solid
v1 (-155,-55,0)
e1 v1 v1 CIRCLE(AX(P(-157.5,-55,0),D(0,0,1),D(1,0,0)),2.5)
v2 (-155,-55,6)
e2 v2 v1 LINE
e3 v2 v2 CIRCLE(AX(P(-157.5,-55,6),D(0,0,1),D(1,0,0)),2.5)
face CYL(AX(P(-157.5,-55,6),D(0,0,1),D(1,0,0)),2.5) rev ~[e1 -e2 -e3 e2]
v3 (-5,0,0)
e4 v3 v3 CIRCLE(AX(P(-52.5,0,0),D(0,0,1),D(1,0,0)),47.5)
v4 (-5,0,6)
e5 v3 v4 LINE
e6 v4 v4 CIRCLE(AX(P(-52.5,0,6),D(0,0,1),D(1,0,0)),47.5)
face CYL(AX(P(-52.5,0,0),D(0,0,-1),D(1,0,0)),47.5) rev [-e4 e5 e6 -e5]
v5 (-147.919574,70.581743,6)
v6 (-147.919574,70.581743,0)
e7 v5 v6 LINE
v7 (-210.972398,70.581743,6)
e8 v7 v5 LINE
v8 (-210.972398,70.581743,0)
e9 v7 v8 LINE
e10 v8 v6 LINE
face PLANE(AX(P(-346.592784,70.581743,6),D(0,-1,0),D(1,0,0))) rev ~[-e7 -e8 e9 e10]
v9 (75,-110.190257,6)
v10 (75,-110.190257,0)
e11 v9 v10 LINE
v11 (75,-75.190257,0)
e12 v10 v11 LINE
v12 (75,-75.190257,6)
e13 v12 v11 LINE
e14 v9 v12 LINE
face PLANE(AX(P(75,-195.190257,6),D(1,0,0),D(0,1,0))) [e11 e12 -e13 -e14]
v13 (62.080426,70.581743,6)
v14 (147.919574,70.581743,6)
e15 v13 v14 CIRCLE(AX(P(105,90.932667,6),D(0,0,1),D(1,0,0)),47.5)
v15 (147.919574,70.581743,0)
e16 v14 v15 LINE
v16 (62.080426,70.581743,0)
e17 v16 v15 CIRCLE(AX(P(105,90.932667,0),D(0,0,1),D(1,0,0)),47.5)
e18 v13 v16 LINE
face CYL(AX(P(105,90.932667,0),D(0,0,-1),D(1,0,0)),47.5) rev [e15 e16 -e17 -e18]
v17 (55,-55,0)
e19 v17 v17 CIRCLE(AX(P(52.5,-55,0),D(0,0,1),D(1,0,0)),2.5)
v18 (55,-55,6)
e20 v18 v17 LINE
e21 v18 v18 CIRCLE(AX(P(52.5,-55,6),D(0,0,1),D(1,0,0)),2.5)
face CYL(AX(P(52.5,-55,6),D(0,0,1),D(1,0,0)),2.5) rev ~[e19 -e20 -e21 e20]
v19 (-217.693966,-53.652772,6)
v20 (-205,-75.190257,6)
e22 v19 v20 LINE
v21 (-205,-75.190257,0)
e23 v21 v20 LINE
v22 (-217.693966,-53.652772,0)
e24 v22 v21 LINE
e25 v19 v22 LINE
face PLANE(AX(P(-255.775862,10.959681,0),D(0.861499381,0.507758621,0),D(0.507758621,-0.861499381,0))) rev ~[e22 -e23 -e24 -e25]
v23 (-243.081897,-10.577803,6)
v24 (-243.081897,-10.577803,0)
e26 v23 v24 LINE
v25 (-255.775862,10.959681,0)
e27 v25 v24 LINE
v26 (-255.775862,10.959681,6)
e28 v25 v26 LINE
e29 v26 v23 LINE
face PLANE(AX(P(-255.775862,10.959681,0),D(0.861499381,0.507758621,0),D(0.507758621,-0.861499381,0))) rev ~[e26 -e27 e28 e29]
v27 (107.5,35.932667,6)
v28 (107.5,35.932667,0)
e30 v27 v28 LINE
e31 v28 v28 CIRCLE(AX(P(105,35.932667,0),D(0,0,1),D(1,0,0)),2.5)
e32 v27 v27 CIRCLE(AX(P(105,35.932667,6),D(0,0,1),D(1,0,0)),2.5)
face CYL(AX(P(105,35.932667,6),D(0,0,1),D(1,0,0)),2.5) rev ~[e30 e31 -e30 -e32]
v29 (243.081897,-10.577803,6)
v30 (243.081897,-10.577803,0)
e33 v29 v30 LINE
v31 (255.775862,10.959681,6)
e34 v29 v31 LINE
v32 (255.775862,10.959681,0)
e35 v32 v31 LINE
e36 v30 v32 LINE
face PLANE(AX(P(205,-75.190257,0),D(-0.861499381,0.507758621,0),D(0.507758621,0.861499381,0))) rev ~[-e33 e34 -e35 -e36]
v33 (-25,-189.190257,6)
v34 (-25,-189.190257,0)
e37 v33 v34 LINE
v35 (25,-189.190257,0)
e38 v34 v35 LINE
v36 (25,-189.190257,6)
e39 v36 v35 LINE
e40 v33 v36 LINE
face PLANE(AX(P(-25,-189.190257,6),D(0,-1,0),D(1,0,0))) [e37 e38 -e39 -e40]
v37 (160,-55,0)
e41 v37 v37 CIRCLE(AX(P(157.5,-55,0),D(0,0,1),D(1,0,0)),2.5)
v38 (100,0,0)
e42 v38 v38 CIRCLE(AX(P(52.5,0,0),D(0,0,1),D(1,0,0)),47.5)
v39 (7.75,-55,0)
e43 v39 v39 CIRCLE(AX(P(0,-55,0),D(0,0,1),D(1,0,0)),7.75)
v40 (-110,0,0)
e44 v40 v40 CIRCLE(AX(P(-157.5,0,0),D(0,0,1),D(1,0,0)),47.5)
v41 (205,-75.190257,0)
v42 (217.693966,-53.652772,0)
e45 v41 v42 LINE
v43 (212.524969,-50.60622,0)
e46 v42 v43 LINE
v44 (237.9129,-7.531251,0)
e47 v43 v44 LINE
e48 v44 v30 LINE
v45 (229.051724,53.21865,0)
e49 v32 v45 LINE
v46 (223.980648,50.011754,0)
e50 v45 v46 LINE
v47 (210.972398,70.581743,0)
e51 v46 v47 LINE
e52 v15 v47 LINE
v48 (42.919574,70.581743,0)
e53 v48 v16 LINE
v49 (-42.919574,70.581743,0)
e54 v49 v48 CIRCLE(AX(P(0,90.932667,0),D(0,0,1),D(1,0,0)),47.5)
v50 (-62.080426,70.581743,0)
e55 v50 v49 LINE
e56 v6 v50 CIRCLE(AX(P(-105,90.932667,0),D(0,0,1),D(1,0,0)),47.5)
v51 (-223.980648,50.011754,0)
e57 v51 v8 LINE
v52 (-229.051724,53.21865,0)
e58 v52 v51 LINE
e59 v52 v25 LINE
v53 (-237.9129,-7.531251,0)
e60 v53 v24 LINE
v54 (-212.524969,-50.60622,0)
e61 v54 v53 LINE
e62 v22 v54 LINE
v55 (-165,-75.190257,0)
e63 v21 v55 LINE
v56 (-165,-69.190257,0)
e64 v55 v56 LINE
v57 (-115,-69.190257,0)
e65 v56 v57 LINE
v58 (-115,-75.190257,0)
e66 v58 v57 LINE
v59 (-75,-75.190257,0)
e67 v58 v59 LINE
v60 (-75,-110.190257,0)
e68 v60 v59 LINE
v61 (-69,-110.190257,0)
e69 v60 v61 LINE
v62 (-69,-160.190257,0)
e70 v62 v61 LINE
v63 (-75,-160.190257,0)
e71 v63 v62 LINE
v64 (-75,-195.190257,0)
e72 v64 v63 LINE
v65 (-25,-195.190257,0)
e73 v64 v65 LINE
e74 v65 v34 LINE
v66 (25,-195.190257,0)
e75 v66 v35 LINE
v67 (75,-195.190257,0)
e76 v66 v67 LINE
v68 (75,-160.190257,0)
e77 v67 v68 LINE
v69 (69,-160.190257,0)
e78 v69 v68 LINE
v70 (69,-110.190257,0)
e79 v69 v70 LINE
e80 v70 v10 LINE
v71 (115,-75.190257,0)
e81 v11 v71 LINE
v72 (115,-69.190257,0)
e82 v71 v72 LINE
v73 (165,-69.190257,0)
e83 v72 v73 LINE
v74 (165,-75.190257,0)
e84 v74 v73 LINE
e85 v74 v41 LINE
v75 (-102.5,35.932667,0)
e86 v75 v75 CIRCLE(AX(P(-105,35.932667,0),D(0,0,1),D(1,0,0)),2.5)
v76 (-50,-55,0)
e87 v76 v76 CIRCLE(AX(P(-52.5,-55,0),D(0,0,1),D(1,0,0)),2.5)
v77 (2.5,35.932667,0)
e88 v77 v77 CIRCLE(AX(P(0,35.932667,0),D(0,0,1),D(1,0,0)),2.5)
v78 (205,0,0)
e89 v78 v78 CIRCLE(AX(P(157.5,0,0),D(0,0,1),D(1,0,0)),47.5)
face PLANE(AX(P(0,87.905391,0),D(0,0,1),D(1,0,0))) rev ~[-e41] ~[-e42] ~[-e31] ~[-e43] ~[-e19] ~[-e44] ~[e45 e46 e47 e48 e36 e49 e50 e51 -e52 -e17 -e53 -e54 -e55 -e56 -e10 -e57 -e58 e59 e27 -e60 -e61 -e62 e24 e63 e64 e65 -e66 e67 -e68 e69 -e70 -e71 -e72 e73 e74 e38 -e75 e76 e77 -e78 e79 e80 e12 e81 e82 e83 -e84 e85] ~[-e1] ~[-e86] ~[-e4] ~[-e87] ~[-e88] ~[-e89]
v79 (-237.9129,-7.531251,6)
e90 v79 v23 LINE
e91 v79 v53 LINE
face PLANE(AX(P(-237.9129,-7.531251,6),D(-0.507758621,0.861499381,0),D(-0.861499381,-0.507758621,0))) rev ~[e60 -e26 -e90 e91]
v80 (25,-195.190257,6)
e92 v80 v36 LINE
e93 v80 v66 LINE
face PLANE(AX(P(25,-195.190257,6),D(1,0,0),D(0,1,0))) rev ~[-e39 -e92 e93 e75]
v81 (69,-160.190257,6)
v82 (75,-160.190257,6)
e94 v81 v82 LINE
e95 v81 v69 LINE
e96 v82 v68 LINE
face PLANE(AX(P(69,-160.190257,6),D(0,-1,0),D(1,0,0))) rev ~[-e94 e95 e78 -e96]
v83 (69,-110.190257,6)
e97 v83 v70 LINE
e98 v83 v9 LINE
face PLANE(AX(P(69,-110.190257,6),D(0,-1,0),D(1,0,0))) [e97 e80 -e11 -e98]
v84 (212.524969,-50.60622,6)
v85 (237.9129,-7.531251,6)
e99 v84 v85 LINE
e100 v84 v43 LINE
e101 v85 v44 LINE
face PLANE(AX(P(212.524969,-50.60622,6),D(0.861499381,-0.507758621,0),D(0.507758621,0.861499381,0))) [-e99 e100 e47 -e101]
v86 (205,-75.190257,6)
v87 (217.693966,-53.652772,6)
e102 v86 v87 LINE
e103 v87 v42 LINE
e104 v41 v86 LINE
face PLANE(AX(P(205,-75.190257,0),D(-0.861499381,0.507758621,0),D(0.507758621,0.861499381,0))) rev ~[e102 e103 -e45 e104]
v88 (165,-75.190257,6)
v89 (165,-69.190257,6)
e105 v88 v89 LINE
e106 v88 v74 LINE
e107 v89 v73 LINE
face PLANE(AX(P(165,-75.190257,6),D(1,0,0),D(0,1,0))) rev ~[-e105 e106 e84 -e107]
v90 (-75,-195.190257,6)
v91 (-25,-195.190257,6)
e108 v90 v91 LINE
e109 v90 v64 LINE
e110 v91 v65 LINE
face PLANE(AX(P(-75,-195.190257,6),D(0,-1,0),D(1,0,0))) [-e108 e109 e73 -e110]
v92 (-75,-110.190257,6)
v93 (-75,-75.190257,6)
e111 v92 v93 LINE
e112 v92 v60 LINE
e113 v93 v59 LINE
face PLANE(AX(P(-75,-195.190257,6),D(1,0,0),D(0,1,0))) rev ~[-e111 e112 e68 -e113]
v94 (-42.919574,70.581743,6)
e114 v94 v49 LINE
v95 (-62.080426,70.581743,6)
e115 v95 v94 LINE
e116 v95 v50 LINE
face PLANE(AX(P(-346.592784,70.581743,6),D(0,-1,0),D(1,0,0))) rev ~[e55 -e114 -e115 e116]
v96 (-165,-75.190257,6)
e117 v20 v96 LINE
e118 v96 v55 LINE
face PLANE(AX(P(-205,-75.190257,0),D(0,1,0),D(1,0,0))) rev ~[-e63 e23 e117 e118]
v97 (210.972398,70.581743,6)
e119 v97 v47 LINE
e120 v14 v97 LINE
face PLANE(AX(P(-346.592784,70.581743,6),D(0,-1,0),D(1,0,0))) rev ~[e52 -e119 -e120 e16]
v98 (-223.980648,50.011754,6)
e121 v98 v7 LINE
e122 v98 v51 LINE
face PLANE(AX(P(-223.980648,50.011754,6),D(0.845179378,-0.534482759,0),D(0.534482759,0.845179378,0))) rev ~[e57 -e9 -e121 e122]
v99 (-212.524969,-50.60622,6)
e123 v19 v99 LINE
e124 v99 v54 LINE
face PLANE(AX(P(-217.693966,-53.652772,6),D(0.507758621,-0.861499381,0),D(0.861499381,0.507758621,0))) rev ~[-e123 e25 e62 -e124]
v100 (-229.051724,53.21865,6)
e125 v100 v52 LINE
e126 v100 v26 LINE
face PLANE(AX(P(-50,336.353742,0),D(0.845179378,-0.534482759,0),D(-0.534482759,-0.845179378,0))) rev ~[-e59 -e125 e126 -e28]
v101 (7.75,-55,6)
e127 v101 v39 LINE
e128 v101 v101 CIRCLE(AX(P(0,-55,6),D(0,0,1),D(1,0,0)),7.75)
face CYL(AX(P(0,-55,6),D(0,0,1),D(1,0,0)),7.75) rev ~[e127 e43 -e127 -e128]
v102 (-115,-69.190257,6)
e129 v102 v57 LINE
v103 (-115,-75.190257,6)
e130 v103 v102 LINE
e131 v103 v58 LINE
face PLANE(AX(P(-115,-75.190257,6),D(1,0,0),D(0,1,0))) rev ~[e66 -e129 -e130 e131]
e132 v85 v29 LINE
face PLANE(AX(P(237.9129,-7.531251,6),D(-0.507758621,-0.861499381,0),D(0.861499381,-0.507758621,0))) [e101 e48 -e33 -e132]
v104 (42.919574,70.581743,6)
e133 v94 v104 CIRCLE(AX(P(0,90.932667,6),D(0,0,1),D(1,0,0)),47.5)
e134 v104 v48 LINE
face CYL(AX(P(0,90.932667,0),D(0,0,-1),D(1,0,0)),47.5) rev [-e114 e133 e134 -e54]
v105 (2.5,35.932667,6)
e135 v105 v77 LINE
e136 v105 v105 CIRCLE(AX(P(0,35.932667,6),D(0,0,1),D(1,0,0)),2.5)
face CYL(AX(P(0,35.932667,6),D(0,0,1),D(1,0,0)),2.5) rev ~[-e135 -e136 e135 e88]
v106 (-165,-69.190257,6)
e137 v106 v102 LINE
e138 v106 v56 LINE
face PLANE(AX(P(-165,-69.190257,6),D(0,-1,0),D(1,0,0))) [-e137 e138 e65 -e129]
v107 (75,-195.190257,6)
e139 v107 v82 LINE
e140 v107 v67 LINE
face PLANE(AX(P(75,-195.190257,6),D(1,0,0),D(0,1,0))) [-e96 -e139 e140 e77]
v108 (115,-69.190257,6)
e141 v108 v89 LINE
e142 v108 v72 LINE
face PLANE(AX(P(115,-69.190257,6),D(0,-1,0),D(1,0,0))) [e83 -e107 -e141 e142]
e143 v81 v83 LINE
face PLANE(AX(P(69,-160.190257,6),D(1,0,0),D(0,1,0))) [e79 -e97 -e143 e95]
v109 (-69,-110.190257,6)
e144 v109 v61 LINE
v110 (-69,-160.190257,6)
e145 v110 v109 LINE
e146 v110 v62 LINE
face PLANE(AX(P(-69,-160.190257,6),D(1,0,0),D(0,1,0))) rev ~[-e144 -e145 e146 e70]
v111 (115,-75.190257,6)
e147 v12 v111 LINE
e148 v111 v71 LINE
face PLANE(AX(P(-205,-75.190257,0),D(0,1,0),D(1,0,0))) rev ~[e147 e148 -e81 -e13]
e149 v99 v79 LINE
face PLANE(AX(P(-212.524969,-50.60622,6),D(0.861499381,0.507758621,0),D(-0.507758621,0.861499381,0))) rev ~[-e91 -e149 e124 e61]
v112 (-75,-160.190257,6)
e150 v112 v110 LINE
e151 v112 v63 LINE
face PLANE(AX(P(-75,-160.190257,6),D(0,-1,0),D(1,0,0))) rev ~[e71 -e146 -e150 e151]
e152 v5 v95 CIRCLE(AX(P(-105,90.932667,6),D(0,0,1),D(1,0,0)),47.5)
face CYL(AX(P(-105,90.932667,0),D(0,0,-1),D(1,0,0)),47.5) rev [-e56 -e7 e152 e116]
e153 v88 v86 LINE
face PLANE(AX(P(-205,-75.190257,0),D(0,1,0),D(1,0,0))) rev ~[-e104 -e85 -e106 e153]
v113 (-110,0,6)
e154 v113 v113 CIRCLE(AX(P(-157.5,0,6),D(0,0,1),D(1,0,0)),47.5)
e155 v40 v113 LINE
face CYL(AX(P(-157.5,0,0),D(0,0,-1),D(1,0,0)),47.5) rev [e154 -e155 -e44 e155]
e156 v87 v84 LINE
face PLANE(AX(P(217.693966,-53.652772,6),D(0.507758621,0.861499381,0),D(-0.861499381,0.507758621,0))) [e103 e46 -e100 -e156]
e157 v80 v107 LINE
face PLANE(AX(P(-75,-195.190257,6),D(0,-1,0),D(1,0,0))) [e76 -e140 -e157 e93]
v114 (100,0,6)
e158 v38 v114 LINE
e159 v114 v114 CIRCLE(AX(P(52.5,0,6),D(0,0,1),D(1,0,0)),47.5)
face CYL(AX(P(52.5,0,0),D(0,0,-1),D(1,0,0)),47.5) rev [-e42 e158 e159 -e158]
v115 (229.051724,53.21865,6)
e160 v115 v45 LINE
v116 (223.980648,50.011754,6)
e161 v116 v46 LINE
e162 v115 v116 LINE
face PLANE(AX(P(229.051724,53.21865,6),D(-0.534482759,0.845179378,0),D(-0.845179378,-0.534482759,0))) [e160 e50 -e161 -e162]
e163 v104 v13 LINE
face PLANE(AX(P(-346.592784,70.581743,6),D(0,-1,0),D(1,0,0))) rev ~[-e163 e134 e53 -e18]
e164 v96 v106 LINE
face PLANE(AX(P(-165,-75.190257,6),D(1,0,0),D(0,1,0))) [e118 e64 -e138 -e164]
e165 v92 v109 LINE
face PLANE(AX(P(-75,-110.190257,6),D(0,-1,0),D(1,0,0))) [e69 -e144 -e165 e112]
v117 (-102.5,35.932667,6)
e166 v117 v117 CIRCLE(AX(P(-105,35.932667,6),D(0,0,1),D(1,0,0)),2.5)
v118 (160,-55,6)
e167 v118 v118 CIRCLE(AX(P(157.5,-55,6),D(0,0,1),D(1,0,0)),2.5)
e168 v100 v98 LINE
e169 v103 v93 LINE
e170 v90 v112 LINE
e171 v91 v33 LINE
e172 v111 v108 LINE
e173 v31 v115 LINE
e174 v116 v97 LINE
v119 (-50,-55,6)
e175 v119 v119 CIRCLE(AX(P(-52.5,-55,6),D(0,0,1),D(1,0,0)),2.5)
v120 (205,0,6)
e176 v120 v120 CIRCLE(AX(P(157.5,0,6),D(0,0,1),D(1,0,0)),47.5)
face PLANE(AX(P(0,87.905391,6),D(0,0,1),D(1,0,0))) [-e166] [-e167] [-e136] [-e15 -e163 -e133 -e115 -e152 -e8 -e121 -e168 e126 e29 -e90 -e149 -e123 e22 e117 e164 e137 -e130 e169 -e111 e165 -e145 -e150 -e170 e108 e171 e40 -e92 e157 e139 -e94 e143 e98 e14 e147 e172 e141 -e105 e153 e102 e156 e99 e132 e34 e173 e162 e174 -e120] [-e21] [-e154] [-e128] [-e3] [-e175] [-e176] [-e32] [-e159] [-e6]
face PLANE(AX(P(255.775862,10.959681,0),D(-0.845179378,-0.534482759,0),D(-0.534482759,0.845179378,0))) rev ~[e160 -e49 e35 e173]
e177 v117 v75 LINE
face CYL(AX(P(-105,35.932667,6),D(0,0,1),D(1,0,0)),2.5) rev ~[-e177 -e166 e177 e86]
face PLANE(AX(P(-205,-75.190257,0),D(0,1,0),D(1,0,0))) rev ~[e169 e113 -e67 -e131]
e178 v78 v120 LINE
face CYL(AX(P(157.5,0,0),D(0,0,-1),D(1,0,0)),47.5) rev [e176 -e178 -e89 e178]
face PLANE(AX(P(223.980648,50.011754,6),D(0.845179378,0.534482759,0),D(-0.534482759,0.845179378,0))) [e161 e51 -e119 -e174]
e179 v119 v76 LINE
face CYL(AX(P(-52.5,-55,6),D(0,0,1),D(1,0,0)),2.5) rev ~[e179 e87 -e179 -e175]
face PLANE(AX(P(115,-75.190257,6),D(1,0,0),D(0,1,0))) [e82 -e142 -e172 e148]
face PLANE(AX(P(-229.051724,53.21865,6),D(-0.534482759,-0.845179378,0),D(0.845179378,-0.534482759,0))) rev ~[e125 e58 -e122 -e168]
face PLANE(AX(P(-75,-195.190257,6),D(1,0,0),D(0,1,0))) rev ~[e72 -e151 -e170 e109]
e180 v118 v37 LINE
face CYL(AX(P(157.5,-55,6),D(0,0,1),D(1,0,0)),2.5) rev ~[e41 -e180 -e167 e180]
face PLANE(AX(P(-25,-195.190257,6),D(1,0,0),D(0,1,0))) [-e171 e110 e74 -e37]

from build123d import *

# Parameters (mm, degrees)
ESQUISSE1_R             = 47.5
BOSS_EXTRU_1_DEPTH      = 6
ESQUISSE9_W             = 150
ESQUISSE9_H             = 120
BOSS_EXTRU_2_DEPTH      = 6
ESQUISSE10_W            = 6
ESQUISSE10_H            = 50
ESQUISSE10_W_2          = 50
ESQUISSE10_H_2          = 6
ENL_V_MAT_EXTRU_1_DEPTH = 10
ESQUISSE12_W            = 675.538278175
ESQUISSE12_H            = 265.771999275
ENL_V_MAT_EXTRU_3_DEPTH = 10
ESQUISSE13_R            = 2.5
ENL_V_MAT_EXTRU_4_DEPTH = 10
ESQUISSE14_R            = 7.75
ENL_V_MAT_EXTRU_5_DEPTH = 10


with BuildPart() as part:
    # Esquisse1 → Boss.-Extru.1 (new body)
    with BuildSketch(Plane.XY):
        Polygon((-255.775862069, 10.959681362), (-205, -75.190256718), (205, -75.190256718), (255.775862069, 10.959681362), (50, 336.353741833), (-50, 336.353741833), align=None)
        with Locations((-157.5, 0)):
            Circle(ESQUISSE1_R, mode=Mode.SUBTRACT)
        with Locations((-52.5, 0)):
            Circle(ESQUISSE1_R, mode=Mode.SUBTRACT)
        with Locations((52.5, 0)):
            Circle(ESQUISSE1_R, mode=Mode.SUBTRACT)
        with Locations((157.5, 0)):
            Circle(ESQUISSE1_R, mode=Mode.SUBTRACT)
        with Locations((-105, 90.932667397)):
            Circle(ESQUISSE1_R, mode=Mode.SUBTRACT)
        with Locations((0, 90.932667397)):
            Circle(ESQUISSE1_R, mode=Mode.SUBTRACT)
        with Locations((105, 90.932667397)):
            Circle(ESQUISSE1_R, mode=Mode.SUBTRACT)
        with Locations((-52.5, 181.865334795)):
            Circle(ESQUISSE1_R, mode=Mode.SUBTRACT)
        with Locations((52.5, 181.865334795)):
            Circle(ESQUISSE1_R, mode=Mode.SUBTRACT)
        with Locations((0, 272.798002192)):
            Circle(ESQUISSE1_R, mode=Mode.SUBTRACT)
    extrude(amount=BOSS_EXTRU_1_DEPTH)

    # Esquisse9 → Boss.-Extru.2 (add)
    with BuildSketch(Plane.XY.offset(6)):
        with Locations((0, -135.190256718)):
            Rectangle(ESQUISSE9_W, ESQUISSE9_H)
    extrude(amount=-BOSS_EXTRU_2_DEPTH)

    # Esquisse10 → Enlèv. mat.-Extru.1 (cut)
    with BuildSketch(Plane.XY.offset(6)):
        with Locations((-72, -135.190256718)):
            Rectangle(ESQUISSE10_W, ESQUISSE10_H)
        with Locations((0, -192.190256718)):
            Rectangle(ESQUISSE10_W_2, ESQUISSE10_H_2)
        with Locations((-140, -72.190256718)):
            Rectangle(ESQUISSE10_W_2, ESQUISSE10_H_2)
        Polygon((-217.693965517, -53.652772198), (-212.524969232, -50.606220473), (-237.912900267, -7.531251434), (-243.081896552, -10.577803158), align=None)
        Polygon((-229.051724138, 53.218650255), (-223.980647871, 50.011753703), (-170.532372009, 134.529691487), (-175.603448276, 137.736588039), align=None)
        Polygon((-130.172413793, 209.576835156), (-125.101337526, 206.369938604), (-71.653061664, 290.887876389), (-76.724137931, 294.094772941), align=None)
        with Locations((0, 333.353741833)):
            Rectangle(ESQUISSE10_W_2, ESQUISSE10_H_2)
        Polygon((71.653061664, 290.887876389), (76.724137931, 294.094772941), (130.172413793, 209.576835156), (125.101337526, 206.369938604), align=None)
        Polygon((170.532372009, 134.529691487), (175.603448276, 137.736588039), (229.051724138, 53.218650255), (223.980647871, 50.011753703), align=None)
        Polygon((237.912900267, -7.531251434), (243.081896552, -10.577803158), (217.693965517, -53.652772198), (212.524969232, -50.606220473), align=None)
        with Locations((140, -72.190256718)):
            Rectangle(ESQUISSE10_W_2, ESQUISSE10_H_2)
        with Locations((72, -135.190256718)):
            Rectangle(ESQUISSE10_W, ESQUISSE10_H)
    extrude(amount=-ENL_V_MAT_EXTRU_1_DEPTH, mode=Mode.SUBTRACT)

    # Esquisse12 → Enlèv. mat.-Extru.3 (cut)
    with BuildSketch(Plane.XY.offset(6)):
        with Locations((-8.823645222, 203.467742196)):
            Rectangle(ESQUISSE12_W, ESQUISSE12_H)
    extrude(amount=-ENL_V_MAT_EXTRU_3_DEPTH, mode=Mode.SUBTRACT)

    # Esquisse13 → Enlèv. mat.-Extru.4 (cut)
    with BuildSketch(Plane.XY.offset(6)):
        with Locations((-157.5, -55)):
            Circle(ESQUISSE13_R)
        with Locations((-52.5, -55)):
            Circle(ESQUISSE13_R)
        with Locations((52.5, -55)):
            Circle(ESQUISSE13_R)
        with Locations((157.5, -55)):
            Circle(ESQUISSE13_R)
        with Locations((-105, 35.932667397)):
            Circle(ESQUISSE13_R)
        with Locations((0, 35.932667397)):
            Circle(ESQUISSE13_R)
        with Locations((105, 35.932667397)):
            Circle(ESQUISSE13_R)
    extrude(amount=-ENL_V_MAT_EXTRU_4_DEPTH, mode=Mode.SUBTRACT)

    # Esquisse14 → Enlèv. mat.-Extru.5 (cut)
    with BuildSketch(Plane.XY.offset(6)):
        with Locations((0, -55)):
            Circle(ESQUISSE14_R)
    extrude(amount=-ENL_V_MAT_EXTRU_5_DEPTH, mode=Mode.SUBTRACT)


solid = part.part
